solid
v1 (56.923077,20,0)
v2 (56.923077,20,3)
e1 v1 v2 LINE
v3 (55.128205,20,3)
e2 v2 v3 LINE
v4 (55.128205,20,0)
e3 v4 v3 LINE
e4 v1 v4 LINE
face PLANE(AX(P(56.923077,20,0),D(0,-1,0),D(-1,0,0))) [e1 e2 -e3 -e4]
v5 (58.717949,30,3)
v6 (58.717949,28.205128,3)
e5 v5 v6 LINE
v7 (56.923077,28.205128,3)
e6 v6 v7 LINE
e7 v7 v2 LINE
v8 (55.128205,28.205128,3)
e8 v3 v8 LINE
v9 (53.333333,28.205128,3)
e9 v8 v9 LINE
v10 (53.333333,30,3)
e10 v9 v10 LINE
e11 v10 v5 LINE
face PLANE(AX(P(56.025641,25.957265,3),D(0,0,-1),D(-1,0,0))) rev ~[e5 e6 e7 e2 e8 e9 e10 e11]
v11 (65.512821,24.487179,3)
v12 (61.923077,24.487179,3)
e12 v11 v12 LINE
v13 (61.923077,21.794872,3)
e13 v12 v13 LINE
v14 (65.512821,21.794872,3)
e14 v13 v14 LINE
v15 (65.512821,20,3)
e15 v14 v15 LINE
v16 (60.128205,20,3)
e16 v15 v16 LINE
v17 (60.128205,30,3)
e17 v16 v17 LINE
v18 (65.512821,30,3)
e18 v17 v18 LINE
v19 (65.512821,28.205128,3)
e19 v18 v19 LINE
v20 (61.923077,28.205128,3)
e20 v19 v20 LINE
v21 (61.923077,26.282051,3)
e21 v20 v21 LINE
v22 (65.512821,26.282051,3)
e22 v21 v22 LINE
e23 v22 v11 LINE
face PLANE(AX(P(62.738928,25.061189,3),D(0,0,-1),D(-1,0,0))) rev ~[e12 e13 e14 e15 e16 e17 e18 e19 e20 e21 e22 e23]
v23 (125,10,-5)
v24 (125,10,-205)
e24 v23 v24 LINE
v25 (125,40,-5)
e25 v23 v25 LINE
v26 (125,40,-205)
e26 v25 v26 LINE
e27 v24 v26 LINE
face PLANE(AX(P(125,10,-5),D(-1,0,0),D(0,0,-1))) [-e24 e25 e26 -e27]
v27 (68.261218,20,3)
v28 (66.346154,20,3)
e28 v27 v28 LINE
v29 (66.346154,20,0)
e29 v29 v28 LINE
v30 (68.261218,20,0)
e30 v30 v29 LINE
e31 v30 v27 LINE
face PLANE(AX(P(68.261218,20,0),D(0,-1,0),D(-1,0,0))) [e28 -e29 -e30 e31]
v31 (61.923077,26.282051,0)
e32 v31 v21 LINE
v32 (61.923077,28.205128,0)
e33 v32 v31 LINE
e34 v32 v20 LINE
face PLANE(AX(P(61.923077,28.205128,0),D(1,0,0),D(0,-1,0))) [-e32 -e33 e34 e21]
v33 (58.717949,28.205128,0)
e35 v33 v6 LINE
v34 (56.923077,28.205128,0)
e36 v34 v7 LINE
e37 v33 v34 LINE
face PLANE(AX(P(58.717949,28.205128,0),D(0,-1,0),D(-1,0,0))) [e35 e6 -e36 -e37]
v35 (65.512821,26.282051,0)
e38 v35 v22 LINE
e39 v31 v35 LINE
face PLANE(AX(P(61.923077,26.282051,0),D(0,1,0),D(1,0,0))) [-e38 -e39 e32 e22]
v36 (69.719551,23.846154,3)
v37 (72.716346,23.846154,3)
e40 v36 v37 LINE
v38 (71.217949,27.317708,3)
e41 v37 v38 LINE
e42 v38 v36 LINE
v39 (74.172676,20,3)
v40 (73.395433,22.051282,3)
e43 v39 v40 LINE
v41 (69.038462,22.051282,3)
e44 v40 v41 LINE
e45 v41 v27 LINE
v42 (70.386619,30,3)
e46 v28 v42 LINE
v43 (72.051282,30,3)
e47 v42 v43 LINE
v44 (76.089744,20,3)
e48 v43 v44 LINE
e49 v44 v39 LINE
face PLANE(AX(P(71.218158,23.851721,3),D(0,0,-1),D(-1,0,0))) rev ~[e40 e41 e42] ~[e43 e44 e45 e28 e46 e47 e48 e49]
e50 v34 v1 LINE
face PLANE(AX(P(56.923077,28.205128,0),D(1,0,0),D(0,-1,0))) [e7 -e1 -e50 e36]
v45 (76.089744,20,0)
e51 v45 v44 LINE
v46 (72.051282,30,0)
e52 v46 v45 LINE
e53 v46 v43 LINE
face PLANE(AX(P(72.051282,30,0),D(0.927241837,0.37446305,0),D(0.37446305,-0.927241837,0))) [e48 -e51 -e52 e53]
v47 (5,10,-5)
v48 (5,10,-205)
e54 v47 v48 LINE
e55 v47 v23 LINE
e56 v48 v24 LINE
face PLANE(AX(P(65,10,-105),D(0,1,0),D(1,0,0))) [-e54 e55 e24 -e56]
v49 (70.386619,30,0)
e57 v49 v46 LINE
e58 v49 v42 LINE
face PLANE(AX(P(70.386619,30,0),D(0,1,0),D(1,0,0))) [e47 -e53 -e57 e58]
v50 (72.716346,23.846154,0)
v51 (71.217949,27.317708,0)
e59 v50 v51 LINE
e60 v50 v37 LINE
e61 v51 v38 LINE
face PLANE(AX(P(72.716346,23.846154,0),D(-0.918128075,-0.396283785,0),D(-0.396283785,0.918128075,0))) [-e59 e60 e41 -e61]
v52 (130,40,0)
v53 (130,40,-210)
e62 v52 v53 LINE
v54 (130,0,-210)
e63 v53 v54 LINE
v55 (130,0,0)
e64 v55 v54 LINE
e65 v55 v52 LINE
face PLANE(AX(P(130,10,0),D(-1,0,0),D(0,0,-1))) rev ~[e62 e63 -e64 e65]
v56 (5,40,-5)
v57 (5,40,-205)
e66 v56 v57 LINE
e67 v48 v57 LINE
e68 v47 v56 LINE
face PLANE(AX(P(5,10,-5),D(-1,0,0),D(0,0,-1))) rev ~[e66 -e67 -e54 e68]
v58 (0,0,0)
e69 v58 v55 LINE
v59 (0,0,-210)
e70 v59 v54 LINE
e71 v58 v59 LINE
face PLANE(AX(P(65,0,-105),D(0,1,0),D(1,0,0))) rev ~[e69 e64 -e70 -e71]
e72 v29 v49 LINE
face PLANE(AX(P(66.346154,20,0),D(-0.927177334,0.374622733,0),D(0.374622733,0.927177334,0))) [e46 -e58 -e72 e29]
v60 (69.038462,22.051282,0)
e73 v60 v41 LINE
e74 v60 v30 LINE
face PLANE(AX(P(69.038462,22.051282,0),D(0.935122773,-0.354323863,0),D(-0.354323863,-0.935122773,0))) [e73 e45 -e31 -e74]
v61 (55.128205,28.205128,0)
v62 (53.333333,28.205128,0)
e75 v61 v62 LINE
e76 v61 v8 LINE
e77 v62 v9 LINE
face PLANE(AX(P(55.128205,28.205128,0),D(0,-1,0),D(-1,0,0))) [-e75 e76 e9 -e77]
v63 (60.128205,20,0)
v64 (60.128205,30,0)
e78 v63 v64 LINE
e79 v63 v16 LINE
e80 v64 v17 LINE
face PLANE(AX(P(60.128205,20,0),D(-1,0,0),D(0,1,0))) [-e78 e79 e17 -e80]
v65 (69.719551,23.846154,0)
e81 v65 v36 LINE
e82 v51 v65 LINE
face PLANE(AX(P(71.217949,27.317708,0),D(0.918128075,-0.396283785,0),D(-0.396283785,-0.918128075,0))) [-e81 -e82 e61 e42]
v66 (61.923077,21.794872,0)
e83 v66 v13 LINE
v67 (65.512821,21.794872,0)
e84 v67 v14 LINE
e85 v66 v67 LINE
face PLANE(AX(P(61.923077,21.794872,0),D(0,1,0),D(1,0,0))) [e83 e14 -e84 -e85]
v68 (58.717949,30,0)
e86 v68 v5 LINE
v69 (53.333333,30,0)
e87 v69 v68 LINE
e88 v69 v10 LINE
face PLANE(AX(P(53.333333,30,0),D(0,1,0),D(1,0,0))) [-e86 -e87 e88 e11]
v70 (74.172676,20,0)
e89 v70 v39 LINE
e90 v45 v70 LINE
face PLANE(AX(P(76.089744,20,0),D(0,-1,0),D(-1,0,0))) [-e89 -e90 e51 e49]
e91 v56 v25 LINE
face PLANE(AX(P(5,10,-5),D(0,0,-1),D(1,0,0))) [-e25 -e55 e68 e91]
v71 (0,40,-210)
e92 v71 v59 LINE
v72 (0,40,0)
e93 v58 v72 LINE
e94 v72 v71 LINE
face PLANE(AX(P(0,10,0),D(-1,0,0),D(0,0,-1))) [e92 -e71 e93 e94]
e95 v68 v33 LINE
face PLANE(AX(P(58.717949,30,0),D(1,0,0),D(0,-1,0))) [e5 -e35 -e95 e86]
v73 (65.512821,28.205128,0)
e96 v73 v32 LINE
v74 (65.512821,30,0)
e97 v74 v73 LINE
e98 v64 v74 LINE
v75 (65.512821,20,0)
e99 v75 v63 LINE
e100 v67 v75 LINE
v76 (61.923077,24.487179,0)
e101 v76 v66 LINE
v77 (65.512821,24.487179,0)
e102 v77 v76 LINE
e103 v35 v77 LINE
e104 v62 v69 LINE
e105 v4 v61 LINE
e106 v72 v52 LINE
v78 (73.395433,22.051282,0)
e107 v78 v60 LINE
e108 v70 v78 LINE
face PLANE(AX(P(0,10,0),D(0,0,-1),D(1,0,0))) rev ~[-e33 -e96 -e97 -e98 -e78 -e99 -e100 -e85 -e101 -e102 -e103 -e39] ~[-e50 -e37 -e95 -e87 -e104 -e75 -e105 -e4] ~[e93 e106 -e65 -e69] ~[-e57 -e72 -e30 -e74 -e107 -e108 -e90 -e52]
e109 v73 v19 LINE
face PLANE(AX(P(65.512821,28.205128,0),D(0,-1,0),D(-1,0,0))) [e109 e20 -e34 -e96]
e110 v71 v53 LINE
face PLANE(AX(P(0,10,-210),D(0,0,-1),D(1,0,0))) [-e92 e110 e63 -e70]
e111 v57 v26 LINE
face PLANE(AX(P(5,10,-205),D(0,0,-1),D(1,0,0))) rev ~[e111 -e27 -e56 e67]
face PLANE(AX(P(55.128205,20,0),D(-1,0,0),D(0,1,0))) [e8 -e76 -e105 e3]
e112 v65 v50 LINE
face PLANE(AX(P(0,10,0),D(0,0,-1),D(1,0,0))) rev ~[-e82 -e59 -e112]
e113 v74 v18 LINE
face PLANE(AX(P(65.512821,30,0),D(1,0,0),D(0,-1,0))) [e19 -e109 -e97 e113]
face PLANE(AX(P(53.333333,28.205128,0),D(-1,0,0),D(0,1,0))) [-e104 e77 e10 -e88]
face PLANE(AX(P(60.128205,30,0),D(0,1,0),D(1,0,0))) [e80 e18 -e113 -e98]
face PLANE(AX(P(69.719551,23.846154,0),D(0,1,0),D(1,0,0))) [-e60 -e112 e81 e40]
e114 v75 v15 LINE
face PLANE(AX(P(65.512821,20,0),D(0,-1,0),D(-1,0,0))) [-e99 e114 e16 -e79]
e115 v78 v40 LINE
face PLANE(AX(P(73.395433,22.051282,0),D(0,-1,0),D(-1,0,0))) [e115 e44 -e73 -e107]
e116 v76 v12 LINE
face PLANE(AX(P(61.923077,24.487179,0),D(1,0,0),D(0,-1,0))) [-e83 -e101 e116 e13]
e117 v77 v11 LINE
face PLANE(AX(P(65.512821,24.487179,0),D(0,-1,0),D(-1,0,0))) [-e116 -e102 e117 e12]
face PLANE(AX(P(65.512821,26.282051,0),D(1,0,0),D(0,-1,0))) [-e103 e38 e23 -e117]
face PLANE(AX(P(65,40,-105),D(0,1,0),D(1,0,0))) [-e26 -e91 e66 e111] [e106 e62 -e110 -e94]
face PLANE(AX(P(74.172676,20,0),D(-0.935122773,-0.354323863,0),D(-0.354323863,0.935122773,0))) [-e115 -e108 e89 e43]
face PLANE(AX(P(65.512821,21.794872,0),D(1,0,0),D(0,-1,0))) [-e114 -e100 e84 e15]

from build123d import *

# Parameters (mm, degrees)
SKETCH1_W           = 130
SKETCH1_H           = 210
BOSS_EXTRUDE1_DEPTH = 10
SKETCH2_W           = 130
SKETCH2_H           = 210
SKETCH2_W_2         = 120
SKETCH2_H_2         = 200
BOSS_EXTRUDE2_DEPTH = 30
BOSS_EXTRUDE3_DEPTH = 3


with BuildPart() as part:
    # Sketch1 → Boss-Extrude1 (new body)
    with BuildSketch(Plane(origin=(0, 0, 0), x_dir=(1, 0, 0), z_dir=(0, 1, 0))):
        with Locations((65, 105)):
            Rectangle(SKETCH1_W, SKETCH1_H)
    extrude(amount=BOSS_EXTRUDE1_DEPTH)

    # Sketch2 → Boss-Extrude2 (add)
    with BuildSketch(Plane(origin=(0, 10, 0), x_dir=(1, 0, 0), z_dir=(0, 1, 0))):
        with Locations((65, 105)):
            Rectangle(SKETCH2_W, SKETCH2_H)
        with Locations((65, 105)):
            Rectangle(SKETCH2_W_2, SKETCH2_H_2, mode=Mode.SUBTRACT)
    extrude(amount=BOSS_EXTRUDE2_DEPTH)

    # Sketch3 → Boss-Extrude3 (add)
    # profile 1 of 3: a face of its own
    with BuildSketch(Plane.XY):
        Polygon((53.333333333, 30), (58.717948718, 30), (58.717948718, 28.205128205), (56.923076923, 28.205128205), (56.923076923, 20), (55.128205128, 20), (55.128205128, 28.205128205), (53.333333333, 28.205128205), align=None)
    # profile 2 of 3: a face of its own
    with BuildSketch(Plane.XY):
        Polygon((60.128205128, 30), (65.512820513, 30), (65.512820513, 28.205128205), (61.923076923, 28.205128205), (61.923076923, 26.282051282), (65.512820513, 26.282051282), (65.512820513, 24.487179487), (61.923076923, 24.487179487), (61.923076923, 21.794871795), (65.512820513, 21.794871795), (65.512820513, 20), (60.128205128, 20), align=None)
    # profile 3 of 3: a face of its own
    with BuildSketch(Plane.XY):
        Polygon((70.38661859, 30), (72.051282051, 30), (76.08974359, 20), (74.172676282, 20), (73.395432692, 22.051282051), (69.038461538, 22.051282051), (68.261217949, 20), (66.346153846, 20), align=None)
        Polygon((71.217948718, 27.317708333), (69.719551282, 23.846153846), (72.716346154, 23.846153846), align=None, mode=Mode.SUBTRACT)
    extrude(amount=BOSS_EXTRUDE3_DEPTH)


solid = part.part
